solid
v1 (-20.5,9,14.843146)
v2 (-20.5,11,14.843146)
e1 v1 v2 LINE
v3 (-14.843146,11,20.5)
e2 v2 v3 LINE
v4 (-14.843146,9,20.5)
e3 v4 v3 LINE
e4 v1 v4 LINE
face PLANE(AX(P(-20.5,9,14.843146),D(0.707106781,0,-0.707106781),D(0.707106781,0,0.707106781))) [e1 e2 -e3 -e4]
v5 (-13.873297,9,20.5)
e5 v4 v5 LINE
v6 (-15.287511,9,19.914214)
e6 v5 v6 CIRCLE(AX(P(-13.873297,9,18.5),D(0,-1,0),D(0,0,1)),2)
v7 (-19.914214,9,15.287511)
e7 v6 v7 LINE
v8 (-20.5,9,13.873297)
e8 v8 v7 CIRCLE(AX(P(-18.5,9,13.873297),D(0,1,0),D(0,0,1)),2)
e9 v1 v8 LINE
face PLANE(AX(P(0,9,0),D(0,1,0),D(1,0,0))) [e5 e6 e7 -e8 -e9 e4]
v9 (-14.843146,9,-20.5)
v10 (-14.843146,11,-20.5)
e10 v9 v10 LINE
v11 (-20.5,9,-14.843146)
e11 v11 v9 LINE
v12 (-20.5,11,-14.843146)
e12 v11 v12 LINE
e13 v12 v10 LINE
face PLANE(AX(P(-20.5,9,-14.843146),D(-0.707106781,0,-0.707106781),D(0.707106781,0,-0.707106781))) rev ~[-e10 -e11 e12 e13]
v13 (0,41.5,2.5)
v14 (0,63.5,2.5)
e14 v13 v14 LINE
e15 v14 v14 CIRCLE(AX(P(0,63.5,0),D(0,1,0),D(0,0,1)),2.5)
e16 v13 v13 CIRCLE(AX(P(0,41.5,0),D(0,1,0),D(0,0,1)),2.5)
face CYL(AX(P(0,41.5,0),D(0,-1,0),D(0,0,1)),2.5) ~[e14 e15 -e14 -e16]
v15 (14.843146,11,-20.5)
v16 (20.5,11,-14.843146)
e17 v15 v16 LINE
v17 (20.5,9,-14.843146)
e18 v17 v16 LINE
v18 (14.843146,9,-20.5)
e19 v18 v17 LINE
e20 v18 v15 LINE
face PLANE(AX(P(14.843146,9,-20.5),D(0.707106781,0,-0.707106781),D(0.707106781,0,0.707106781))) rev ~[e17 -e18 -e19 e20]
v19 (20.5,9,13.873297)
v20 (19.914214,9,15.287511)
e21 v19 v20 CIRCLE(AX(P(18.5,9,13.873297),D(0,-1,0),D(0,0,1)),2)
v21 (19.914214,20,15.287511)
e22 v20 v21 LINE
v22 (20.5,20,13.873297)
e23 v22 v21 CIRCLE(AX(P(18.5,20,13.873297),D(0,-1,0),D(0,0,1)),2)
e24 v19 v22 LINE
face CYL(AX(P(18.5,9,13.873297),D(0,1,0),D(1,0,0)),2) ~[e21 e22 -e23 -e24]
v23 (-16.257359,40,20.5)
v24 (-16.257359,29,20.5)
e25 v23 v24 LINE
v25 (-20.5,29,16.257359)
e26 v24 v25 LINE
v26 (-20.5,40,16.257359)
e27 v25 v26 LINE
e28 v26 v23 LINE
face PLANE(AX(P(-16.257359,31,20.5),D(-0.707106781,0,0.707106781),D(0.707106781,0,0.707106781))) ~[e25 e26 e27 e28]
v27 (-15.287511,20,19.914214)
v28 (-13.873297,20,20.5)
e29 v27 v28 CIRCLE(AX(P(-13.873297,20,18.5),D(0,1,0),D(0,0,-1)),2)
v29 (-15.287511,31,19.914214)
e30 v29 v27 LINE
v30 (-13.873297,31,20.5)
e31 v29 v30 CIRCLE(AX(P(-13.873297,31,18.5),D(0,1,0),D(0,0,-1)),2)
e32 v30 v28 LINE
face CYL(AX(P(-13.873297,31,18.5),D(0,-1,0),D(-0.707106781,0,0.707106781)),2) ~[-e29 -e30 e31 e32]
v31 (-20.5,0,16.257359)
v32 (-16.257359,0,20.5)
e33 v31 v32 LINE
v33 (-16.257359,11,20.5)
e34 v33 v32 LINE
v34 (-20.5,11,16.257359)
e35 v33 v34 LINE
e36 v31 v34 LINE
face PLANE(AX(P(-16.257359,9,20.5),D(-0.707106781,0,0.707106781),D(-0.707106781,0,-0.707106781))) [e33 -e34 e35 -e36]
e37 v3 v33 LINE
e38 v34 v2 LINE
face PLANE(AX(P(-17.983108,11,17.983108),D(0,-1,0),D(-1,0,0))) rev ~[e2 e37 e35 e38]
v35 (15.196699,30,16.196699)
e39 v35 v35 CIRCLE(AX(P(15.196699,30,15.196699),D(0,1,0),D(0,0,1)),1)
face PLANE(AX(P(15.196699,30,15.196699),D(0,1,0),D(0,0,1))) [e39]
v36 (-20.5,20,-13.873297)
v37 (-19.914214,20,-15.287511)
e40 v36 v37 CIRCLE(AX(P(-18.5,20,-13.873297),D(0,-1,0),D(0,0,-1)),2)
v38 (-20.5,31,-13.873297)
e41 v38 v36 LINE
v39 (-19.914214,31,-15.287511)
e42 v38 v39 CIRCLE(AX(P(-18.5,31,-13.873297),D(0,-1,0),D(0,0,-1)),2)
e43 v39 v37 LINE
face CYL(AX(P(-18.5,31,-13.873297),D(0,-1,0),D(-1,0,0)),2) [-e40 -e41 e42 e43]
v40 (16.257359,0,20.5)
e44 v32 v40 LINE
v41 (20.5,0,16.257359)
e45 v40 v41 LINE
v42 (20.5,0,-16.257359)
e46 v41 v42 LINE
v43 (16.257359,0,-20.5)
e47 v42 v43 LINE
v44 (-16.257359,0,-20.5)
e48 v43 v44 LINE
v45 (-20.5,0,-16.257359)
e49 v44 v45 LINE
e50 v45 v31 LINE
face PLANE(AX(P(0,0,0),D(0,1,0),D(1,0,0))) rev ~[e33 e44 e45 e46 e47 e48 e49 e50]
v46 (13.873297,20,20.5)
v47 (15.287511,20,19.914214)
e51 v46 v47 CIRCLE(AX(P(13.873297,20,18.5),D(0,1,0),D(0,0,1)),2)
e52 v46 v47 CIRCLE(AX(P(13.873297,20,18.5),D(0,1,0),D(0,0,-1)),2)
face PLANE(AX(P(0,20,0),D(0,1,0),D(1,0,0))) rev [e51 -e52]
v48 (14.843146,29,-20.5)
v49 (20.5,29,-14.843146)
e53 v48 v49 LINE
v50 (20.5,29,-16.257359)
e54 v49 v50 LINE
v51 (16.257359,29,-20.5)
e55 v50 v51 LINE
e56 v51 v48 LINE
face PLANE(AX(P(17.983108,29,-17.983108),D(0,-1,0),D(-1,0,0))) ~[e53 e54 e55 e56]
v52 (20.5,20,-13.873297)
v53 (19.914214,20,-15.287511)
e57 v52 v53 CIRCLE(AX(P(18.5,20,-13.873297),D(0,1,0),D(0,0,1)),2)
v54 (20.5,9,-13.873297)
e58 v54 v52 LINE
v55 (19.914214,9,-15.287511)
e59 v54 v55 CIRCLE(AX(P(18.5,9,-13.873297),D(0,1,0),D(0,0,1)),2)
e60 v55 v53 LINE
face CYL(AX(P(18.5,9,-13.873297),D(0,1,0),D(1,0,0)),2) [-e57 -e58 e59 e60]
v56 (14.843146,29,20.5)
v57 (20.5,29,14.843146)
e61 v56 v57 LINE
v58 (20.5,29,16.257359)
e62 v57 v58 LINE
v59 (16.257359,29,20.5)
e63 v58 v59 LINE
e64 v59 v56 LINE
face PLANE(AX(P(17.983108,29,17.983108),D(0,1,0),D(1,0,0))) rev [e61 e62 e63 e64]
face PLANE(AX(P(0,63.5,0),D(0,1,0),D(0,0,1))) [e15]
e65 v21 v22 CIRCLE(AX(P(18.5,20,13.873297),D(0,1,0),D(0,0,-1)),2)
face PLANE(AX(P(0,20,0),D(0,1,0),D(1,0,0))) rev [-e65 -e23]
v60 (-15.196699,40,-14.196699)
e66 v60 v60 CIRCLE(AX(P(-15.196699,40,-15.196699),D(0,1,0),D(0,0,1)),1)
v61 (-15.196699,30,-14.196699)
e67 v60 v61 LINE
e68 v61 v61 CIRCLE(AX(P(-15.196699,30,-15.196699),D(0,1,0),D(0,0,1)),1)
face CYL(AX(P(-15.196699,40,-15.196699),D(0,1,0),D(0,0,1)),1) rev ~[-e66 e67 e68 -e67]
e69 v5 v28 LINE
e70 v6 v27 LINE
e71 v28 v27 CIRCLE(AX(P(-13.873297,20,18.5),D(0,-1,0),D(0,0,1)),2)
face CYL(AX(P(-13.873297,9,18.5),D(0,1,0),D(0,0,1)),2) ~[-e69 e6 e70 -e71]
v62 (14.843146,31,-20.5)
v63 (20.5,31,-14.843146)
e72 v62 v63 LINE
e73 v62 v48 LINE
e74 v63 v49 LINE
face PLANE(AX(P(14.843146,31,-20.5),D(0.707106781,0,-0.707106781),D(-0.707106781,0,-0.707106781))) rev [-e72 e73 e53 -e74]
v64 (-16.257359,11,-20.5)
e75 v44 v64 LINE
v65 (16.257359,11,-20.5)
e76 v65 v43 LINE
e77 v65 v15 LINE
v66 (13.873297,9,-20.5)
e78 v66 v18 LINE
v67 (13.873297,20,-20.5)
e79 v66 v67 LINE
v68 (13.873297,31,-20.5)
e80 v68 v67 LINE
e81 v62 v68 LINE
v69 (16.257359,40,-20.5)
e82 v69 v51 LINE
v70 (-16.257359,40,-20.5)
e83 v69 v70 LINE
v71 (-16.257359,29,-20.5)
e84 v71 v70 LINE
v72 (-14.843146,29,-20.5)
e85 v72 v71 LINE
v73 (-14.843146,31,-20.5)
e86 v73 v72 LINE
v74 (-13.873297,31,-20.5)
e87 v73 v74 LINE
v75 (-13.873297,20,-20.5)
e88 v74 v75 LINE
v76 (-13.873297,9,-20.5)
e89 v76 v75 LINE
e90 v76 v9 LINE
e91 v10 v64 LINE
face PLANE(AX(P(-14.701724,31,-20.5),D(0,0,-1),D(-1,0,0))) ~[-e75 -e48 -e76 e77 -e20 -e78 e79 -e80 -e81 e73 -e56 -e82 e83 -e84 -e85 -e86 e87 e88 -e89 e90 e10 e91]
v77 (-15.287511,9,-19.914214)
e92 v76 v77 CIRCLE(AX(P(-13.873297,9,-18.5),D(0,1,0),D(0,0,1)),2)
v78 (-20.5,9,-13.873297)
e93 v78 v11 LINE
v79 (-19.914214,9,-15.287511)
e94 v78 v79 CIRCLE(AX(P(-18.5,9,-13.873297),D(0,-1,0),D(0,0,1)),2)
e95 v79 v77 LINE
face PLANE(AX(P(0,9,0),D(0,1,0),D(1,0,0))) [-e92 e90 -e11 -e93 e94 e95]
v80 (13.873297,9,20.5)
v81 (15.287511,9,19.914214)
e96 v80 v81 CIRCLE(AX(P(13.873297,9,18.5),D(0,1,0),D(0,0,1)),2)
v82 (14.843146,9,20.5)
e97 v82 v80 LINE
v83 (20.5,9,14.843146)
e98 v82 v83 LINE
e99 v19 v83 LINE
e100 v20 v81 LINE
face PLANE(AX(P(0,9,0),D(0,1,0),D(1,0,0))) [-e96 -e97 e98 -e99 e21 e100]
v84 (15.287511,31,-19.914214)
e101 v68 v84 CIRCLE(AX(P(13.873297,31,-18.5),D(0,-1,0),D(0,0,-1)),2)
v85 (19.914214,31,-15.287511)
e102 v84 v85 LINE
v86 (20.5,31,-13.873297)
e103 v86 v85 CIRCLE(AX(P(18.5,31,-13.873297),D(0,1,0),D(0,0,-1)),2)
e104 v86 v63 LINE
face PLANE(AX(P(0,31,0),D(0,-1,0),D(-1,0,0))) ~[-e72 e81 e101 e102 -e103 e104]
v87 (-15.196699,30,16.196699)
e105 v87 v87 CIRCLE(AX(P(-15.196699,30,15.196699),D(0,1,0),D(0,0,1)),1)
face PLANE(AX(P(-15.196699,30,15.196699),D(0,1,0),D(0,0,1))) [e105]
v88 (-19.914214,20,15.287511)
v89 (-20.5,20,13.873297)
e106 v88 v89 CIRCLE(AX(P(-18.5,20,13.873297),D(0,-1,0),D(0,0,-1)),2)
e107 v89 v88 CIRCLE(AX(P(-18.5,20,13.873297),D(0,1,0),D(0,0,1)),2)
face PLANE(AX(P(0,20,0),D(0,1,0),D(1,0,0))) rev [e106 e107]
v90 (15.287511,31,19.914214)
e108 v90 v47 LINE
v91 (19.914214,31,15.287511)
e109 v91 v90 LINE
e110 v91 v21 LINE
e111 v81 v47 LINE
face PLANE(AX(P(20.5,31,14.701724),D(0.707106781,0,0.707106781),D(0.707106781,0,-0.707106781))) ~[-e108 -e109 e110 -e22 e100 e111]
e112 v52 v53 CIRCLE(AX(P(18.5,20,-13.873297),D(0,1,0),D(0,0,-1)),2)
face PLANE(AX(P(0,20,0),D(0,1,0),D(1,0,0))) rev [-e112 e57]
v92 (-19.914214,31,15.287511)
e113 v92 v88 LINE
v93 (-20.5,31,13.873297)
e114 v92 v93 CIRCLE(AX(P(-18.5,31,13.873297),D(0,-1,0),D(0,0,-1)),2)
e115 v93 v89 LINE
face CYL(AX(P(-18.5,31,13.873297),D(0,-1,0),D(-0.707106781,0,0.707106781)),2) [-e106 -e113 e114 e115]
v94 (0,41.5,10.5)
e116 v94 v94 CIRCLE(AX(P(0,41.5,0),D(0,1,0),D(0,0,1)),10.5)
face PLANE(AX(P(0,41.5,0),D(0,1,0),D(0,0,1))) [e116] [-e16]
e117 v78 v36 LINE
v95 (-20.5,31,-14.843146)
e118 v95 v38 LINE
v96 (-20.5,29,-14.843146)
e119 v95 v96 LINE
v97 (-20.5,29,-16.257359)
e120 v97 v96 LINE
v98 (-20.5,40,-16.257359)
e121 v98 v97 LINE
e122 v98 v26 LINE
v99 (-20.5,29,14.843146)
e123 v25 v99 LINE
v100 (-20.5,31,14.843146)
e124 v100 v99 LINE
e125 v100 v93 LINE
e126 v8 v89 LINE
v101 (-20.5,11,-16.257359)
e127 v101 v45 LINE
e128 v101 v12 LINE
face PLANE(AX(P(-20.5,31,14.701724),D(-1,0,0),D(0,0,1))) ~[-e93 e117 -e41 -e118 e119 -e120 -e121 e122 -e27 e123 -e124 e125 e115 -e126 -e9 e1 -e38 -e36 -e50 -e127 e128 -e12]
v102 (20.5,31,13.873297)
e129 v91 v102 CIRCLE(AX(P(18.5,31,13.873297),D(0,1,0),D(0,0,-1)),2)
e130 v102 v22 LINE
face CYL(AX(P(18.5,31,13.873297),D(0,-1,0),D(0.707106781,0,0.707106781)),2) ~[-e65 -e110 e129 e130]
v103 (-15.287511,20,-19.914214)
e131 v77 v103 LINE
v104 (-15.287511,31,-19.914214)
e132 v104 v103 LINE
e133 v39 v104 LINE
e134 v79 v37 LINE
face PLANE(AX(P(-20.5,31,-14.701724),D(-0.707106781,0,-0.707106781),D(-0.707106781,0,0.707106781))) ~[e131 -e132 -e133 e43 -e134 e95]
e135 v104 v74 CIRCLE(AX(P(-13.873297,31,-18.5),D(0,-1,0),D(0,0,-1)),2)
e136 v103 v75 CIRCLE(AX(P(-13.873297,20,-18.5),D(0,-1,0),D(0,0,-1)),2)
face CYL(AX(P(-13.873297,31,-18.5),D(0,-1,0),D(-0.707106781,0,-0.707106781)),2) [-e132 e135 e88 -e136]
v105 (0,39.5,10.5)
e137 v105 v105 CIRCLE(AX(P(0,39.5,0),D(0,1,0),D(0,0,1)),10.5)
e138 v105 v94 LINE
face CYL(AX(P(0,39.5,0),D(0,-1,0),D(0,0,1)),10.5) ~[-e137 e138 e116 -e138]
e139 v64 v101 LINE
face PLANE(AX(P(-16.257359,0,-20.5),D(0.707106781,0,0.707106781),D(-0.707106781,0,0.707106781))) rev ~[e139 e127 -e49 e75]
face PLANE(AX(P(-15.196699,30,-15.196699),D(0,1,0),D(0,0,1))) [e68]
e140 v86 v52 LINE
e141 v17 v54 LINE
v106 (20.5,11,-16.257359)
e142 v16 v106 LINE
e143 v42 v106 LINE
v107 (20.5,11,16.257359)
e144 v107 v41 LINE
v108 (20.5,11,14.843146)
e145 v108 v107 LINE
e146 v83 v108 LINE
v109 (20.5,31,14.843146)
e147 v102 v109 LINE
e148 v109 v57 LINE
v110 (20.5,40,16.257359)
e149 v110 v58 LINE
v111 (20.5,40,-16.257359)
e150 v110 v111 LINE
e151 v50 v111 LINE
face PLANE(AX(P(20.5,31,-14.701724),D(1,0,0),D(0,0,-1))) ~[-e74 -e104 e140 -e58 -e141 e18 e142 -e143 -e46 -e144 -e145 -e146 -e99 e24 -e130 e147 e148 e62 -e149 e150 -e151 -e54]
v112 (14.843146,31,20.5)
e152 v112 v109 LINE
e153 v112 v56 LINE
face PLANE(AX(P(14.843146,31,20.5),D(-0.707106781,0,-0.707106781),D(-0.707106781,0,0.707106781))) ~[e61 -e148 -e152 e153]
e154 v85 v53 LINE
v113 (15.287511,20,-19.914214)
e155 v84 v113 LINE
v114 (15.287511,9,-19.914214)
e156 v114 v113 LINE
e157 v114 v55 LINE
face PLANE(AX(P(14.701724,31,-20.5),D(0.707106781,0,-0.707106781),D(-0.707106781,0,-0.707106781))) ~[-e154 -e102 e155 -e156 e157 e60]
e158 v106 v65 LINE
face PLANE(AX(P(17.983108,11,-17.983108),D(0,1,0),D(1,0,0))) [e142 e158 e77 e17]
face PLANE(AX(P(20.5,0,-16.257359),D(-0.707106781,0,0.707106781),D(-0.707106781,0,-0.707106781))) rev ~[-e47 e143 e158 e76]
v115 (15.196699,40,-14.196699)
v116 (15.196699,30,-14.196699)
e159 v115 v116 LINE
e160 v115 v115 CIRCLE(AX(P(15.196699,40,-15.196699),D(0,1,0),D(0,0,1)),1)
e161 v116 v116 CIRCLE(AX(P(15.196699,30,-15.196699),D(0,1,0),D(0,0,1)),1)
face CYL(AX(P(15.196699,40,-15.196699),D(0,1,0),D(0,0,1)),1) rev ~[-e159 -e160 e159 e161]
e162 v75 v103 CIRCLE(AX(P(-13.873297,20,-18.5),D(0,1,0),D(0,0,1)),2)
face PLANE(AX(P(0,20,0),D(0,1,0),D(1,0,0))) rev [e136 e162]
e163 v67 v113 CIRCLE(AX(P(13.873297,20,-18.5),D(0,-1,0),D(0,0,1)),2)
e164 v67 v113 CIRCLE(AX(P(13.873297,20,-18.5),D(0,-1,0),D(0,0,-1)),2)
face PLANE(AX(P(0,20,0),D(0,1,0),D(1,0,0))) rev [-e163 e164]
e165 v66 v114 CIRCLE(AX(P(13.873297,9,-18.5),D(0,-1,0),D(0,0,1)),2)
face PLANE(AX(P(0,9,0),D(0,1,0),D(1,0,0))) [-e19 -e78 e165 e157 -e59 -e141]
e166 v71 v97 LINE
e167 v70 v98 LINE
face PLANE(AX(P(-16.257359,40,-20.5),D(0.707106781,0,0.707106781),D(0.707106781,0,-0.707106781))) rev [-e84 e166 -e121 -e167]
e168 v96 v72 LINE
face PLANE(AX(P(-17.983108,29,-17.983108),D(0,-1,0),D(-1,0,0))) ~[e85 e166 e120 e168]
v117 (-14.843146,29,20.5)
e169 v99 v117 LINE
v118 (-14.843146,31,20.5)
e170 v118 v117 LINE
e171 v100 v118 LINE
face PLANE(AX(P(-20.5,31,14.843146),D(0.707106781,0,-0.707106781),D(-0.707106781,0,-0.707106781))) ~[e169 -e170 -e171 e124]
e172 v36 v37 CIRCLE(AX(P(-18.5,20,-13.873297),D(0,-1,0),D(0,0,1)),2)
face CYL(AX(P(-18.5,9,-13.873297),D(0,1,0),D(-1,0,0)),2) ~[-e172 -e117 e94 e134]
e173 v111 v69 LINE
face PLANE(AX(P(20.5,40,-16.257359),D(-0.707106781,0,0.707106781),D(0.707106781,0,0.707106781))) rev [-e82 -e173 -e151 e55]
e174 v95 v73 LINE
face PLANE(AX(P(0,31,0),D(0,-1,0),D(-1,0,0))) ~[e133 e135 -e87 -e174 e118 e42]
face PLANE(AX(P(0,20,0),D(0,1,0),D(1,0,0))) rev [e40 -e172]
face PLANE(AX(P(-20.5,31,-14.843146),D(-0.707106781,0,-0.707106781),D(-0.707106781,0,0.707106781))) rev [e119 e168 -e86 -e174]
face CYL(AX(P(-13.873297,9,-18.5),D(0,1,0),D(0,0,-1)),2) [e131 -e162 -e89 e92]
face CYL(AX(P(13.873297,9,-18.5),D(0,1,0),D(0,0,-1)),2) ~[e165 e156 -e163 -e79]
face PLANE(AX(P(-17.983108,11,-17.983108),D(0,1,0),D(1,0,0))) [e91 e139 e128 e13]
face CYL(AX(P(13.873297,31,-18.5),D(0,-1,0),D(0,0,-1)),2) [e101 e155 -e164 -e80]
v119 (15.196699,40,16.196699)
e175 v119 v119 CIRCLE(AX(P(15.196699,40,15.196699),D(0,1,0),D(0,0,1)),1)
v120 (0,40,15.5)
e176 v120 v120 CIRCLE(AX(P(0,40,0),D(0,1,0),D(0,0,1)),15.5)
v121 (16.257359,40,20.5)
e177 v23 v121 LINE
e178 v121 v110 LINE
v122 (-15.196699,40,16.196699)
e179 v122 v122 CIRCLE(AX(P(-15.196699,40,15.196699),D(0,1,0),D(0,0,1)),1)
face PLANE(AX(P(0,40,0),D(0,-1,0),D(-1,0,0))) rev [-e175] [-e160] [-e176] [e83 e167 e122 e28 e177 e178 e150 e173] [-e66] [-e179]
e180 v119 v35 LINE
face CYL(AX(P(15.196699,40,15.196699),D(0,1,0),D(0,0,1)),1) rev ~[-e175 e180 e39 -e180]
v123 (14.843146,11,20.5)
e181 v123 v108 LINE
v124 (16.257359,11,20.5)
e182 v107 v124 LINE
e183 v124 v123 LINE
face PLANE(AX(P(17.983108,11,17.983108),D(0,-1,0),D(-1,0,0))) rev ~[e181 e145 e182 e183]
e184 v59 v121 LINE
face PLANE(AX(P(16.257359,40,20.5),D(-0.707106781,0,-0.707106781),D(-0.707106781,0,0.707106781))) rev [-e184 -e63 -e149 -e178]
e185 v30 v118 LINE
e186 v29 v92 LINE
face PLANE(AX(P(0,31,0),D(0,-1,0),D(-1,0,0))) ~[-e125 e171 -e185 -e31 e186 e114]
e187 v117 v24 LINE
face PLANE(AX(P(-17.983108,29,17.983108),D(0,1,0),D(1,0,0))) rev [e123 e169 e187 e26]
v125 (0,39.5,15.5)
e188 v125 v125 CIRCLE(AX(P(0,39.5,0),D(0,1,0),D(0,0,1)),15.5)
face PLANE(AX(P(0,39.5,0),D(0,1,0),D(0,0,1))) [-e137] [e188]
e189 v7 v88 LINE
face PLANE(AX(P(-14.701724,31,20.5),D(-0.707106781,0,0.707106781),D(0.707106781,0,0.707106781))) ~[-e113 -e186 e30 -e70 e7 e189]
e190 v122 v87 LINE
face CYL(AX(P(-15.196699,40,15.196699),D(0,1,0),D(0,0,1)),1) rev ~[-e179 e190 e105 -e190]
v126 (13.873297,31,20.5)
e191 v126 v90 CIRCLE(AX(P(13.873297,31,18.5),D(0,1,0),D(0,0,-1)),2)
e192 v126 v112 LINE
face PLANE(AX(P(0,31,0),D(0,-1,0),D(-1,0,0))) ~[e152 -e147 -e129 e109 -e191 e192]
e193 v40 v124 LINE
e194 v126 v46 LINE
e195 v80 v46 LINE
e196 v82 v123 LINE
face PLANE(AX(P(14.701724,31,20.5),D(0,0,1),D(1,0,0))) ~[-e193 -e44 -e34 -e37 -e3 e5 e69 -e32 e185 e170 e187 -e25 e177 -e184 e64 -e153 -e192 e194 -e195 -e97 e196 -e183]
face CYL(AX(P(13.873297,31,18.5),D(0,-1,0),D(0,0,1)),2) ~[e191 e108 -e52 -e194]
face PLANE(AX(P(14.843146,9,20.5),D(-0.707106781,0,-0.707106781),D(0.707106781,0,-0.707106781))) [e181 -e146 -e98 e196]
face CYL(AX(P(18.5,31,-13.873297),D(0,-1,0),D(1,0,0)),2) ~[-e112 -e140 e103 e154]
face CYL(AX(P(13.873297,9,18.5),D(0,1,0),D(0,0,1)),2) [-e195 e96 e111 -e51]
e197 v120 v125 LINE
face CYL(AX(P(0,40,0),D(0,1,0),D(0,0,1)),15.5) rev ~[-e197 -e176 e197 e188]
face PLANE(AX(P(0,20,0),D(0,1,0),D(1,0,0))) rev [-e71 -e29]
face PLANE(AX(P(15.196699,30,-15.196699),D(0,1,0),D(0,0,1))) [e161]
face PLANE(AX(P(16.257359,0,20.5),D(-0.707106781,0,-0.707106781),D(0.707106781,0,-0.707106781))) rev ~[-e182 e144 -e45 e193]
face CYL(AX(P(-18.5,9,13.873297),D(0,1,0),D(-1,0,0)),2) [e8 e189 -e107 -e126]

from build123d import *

# Parameters (mm, degrees)
BOSS_EXTRUDE1_DEPTH  = 9
BOSS_EXTRUDE2_DEPTH  = 2
BOSS_EXTRUDE3_DEPTH  = 11
FILLET1_R            = 2
FILLET1_OF_MIRROR3_R = 2
SKETCH4_R            = 15.5
CUT_EXTRUDE1_DEPTH   = 0.5
SKETCH6_R            = 10.5
BOSS_EXTRUDE4_DEPTH  = 2
SKETCH7_R            = 2.5
BOSS_EXTRUDE5_DEPTH  = 22
SKETCH8_R            = 1
CUT_EXTRUDE2_DEPTH   = 10


with BuildPart() as part:
    # Sketch1 → Boss-Extrude1 (new body)
    with BuildSketch(Plane(origin=(0, 0, 0), x_dir=(1, 0, 0), z_dir=(0, 1, 0))):
        Polygon((-20.5, -16.257359313), (-16.257359313, -20.5), (16.257359313, -20.5), (20.5, -16.257359313), (20.5, 16.257359313), (16.257359313, 20.5), (-16.257359313, 20.5), (-20.5, 16.257359313), align=None)
    boss_extrude1 = extrude(amount=BOSS_EXTRUDE1_DEPTH)

    # Sketch2 → Boss-Extrude2 (add)
    with BuildSketch(Plane(origin=(0, 9, 0), x_dir=(1, 0, 0), z_dir=(0, 1, 0))):
        Polygon((-20.5, -14.843145751), (-14.843145751, -20.5), (-16.257359313, -20.5), (-20.5, -16.257359313), align=None)
        Polygon((14.843145751, 20.5), (20.5, 14.843145751), (20.5, 16.257359313), (16.257359313, 20.5), align=None)
        Polygon((-20.5, 14.843145751), (-14.843145751, 20.5), (-16.257359313, 20.5), (-20.5, 16.257359313), align=None)
        Polygon((14.843145751, -20.5), (20.5, -14.843145751), (20.5, -16.257359313), (16.257359313, -20.5), align=None)
    boss_extrude2 = extrude(amount=BOSS_EXTRUDE2_DEPTH)

    # Sketch3 → Boss-Extrude3 (add)
    with BuildSketch(Plane(origin=(0, 9, 0), x_dir=(1, 0, 0), z_dir=(0, 1, 0))):
        Polygon((-14.701724394, -20.5), (-20.5, -14.701724394), (-20.5, 14.701724394), (-14.701724394, 20.5), (14.701724394, 20.5), (20.5, 14.701724394), (20.5, -14.701724394), (14.701724394, -20.5), align=None)
    boss_extrude3 = extrude(amount=BOSS_EXTRUDE3_DEPTH)

    # Fillet1
    fillet1_edges = [part.edges().sort_by_distance(p)[0] for p in [
        (-14.701724394, 14.5, 20.5),
        (14.701724394, 14.5, 20.5),
        (20.5, 14.5, 14.701724394),
        (20.5, 14.5, -14.701724394),
        (14.701724394, 14.5, -20.5),
        (-14.701724394, 14.5, -20.5),
        (-20.5, 14.5, -14.701724394),
        (-20.5, 14.5, 14.701724394),
    ]]
    fillet(fillet1_edges, radius=FILLET1_R)

    # Mirror3: Boss-Extrude1, Boss-Extrude2, Boss-Extrude3 across Plane1
    add(boss_extrude1.mirror(Plane(origin=(0, 20, 0), x_dir=(1, 0, 0), z_dir=(0, 1, 0))))
    add(boss_extrude2.mirror(Plane(origin=(0, 20, 0), x_dir=(1, 0, 0), z_dir=(0, 1, 0))))
    add(boss_extrude3.mirror(Plane(origin=(0, 20, 0), x_dir=(1, 0, 0), z_dir=(0, 1, 0))))

    # Fillet1 of Mirror3
    fillet1_of_mirror3_edges = [part.edges().sort_by_distance(p)[0] for p in [
        (-14.701724394, 25.5, 20.5),
        (14.701724394, 25.5, 20.5),
        (20.5, 25.5, 14.701724394),
        (20.5, 25.5, -14.701724394),
        (14.701724394, 25.5, -20.5),
        (-14.701724394, 25.5, -20.5),
        (-20.5, 25.5, -14.701724394),
        (-20.5, 25.5, 14.701724394),
    ]]
    fillet(fillet1_of_mirror3_edges, radius=FILLET1_OF_MIRROR3_R)

    # Sketch4 → Cut-Extrude1 (cut)
    with BuildSketch(Plane(origin=(0, 40, 0), x_dir=(1, 0, 0), z_dir=(0, 1, 0))):
        with Locations(Location((0, 0, 0), (0, 0, 270))):
            Circle(SKETCH4_R)
    extrude(amount=-CUT_EXTRUDE1_DEPTH, mode=Mode.SUBTRACT)

    # Sketch6 → Boss-Extrude4 (add)
    with BuildSketch(Plane(origin=(0, 39.5, 0), x_dir=(1, 0, 0), z_dir=(0, 1, 0))):
        with Locations(Location((0, 0, 0), (0, 0, 270))):
            Circle(SKETCH6_R)
    extrude(amount=BOSS_EXTRUDE4_DEPTH)

    # Sketch7 → Boss-Extrude5 (add)
    with BuildSketch(Plane(origin=(0, 41.5, 0), x_dir=(1, 0, 0), z_dir=(0, 1, 0))):
        with Locations(Location((0, 0, 0), (0, 0, 270))):
            Circle(SKETCH7_R)
    extrude(amount=BOSS_EXTRUDE5_DEPTH)

    # Sketch8 → Cut-Extrude2 (cut)
    with BuildSketch(Plane(origin=(0, 40, 0), x_dir=(1, 0, 0), z_dir=(0, 1, 0))):
        with Locations(Location((15.196699141, 15.196699141, 0), (0, 0, 270))):
            Circle(SKETCH8_R)
        with Locations(Location((15.196699141, -15.196699141, 0), (0, 0, 270))):
            Circle(SKETCH8_R)
        with Locations(Location((-15.196699141, -15.196699141, 0), (0, 0, 270))):
            Circle(SKETCH8_R)
        with Locations(Location((-15.196699141, 15.196699141, 0), (0, 0, 270))):
            Circle(SKETCH8_R)
    extrude(amount=-CUT_EXTRUDE2_DEPTH, mode=Mode.SUBTRACT)


solid = part.part
